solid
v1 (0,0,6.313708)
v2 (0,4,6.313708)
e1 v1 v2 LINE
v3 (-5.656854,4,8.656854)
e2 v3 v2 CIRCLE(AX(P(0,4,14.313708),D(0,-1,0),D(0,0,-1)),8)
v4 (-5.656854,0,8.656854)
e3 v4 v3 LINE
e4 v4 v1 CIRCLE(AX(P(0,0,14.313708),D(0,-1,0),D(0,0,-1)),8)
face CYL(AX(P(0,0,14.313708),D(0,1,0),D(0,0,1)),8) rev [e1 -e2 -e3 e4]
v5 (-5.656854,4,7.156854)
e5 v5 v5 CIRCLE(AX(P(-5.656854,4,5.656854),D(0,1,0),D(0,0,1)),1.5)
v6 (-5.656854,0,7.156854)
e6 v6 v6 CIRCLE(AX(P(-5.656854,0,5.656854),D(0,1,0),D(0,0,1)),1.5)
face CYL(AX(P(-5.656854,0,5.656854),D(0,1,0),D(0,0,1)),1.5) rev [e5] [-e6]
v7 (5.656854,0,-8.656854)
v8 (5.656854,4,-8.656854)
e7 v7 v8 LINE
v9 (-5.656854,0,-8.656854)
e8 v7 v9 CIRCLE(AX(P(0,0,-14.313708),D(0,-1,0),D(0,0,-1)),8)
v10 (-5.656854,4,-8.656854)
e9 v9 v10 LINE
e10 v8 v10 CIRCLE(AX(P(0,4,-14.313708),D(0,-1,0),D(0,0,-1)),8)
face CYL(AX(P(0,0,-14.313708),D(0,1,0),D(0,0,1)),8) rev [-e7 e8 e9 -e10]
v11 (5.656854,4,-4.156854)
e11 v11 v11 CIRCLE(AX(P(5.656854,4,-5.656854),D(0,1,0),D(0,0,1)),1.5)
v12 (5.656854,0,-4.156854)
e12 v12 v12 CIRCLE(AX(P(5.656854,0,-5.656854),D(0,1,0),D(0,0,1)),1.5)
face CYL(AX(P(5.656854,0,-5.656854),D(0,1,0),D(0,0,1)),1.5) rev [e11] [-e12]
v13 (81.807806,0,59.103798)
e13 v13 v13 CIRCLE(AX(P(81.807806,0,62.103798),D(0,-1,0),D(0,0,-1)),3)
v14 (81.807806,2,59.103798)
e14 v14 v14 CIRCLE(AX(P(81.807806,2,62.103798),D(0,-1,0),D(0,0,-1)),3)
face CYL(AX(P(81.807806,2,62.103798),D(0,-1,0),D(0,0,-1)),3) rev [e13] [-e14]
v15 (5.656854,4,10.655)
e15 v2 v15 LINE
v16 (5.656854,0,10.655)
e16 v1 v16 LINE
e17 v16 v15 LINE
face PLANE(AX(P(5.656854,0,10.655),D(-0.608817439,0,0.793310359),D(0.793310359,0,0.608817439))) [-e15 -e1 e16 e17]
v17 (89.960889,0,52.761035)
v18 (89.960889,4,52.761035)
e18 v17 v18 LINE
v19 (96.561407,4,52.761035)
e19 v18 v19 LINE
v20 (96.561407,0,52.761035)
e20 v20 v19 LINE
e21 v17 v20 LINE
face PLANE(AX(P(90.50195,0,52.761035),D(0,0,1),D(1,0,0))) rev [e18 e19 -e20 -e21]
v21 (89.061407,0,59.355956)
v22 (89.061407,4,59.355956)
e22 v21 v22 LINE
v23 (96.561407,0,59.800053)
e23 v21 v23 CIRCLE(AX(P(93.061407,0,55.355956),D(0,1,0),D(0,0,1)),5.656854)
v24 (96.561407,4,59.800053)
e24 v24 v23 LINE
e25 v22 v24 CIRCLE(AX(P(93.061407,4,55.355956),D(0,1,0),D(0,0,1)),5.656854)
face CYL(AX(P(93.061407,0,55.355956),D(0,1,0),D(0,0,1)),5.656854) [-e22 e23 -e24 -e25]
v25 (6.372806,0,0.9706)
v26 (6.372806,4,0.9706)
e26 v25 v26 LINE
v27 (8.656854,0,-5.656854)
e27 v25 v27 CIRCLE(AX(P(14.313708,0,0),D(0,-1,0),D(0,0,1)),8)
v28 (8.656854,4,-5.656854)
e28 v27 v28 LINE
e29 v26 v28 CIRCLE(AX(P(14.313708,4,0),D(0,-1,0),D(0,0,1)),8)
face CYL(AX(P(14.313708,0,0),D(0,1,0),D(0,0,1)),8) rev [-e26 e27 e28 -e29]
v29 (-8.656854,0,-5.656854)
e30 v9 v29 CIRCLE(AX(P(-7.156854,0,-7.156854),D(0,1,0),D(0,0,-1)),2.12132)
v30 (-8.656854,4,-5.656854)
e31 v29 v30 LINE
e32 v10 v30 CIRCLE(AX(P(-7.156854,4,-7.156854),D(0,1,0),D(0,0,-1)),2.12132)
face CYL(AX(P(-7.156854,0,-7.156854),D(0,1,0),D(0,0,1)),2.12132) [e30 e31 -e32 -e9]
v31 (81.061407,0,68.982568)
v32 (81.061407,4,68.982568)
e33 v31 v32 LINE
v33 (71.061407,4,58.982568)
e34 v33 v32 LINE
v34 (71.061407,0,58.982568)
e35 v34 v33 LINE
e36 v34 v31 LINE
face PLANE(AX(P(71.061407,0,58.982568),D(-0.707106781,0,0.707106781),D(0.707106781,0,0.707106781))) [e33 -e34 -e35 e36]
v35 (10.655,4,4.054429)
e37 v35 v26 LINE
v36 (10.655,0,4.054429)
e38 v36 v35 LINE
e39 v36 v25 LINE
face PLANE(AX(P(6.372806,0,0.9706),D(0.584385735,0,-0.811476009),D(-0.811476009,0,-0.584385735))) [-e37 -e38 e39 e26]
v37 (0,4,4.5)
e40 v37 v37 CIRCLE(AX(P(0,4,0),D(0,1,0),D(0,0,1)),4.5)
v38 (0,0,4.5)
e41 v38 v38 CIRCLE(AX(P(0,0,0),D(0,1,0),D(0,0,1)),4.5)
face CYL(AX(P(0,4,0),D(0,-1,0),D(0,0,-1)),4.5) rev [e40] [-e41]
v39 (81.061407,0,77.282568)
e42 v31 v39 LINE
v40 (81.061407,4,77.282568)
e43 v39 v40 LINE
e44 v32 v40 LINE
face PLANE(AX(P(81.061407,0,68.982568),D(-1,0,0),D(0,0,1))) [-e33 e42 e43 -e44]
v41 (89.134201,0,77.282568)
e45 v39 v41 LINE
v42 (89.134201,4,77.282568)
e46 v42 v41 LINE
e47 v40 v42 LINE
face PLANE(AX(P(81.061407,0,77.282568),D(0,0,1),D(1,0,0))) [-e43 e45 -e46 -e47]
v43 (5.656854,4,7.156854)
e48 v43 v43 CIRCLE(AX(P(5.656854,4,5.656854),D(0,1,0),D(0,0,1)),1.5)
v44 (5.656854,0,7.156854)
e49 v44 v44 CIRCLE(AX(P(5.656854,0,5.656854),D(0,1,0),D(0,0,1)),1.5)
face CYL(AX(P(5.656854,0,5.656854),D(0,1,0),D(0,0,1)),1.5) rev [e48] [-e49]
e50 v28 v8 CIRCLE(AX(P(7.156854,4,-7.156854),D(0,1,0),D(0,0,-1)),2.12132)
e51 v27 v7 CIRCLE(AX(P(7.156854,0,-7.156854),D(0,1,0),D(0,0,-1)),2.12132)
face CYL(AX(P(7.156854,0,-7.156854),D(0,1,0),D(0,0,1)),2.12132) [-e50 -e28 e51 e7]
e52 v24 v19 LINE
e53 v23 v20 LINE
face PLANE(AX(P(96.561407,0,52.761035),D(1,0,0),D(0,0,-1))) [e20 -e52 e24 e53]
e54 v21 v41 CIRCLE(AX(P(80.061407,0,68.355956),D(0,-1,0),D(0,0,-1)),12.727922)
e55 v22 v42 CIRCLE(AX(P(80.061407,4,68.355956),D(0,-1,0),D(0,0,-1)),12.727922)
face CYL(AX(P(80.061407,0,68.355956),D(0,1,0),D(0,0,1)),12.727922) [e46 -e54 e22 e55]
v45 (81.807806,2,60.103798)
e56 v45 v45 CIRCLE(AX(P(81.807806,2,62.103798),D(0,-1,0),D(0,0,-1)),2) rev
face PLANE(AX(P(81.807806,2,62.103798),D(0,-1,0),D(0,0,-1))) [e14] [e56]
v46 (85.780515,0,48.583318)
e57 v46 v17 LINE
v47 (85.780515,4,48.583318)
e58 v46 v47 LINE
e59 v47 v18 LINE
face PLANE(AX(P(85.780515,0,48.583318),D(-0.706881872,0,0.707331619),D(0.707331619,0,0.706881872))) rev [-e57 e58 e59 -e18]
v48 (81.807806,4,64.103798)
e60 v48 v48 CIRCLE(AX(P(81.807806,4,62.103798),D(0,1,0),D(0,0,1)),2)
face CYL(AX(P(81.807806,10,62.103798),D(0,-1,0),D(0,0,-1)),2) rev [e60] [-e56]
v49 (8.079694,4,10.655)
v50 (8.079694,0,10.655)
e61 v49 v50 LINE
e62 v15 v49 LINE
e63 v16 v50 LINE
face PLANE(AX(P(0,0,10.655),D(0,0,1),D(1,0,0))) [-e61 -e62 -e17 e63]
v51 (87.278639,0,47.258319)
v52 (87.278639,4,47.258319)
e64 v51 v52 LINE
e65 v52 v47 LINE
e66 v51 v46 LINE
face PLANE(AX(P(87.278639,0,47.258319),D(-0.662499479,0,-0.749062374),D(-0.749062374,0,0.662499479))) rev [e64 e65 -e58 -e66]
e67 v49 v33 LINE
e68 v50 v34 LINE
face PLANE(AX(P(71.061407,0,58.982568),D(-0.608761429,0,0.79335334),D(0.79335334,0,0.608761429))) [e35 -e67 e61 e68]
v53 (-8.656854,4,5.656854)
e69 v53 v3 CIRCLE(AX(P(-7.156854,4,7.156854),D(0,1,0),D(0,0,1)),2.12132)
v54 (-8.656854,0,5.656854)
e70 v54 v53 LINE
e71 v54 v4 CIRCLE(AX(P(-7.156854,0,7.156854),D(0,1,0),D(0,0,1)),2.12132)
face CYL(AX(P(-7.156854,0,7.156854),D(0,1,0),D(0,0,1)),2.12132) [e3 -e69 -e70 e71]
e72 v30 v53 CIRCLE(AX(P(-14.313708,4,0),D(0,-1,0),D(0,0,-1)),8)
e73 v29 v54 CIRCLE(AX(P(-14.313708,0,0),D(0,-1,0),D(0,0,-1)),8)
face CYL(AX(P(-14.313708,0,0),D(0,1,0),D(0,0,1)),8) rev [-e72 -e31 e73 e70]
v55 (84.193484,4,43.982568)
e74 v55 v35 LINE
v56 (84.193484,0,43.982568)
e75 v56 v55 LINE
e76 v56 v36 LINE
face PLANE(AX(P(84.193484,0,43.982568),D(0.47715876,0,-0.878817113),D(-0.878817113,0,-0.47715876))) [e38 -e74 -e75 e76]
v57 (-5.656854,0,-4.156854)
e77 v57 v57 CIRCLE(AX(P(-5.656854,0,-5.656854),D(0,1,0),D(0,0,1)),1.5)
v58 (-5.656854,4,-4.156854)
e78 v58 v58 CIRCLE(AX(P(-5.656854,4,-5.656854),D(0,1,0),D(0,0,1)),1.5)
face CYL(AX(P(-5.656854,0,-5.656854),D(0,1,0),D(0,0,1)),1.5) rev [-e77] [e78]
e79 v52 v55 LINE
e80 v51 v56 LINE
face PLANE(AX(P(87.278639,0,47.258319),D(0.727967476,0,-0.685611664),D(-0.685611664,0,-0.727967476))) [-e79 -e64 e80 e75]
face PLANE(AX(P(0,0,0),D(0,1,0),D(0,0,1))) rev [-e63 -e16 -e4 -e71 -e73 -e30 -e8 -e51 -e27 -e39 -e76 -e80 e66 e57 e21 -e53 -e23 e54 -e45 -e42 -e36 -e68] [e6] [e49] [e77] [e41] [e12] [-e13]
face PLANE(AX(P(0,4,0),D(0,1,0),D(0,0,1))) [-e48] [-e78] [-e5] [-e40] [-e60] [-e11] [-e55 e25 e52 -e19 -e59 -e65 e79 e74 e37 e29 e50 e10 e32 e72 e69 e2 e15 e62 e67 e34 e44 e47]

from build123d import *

# Parameters (mm, degrees)
SKETCH1_W            = 16.31
SKETCH1_H            = 16.31
SKETCH1_R            = 4.5
BOSS_EXTRUDE1_DEPTH  = 4
SKETCH3_R            = 1.5
CUT_EXTRUDE1_DEPTH   = 4
BOSS_EXTRUDE2_DEPTH  = 4
BOSS_EXTRUDE6_DEPTH  = 4
CUT_EXTRUDE3_DEPTH   = 4
BOSS_EXTRUDE7_DEPTH  = 4
BOSS_EXTRUDE9_DEPTH  = 4
SKETCH17_OUTSIDE_W   = 136.165
SKETCH17_OUTSIDE_H   = 117.232
CUT_EXTRUDE4_DEPTH   = 4
SKETCH18_R           = 1.5
BOSS_EXTRUDE10_DEPTH = 4
CUT_EXTRUDE5_DEPTH   = 4
SKETCH20_R           = 2
CUT_EXTRUDE6_DEPTH   = 10
SKETCH21_R           = 3
CUT_EXTRUDE7_DEPTH   = 2


with BuildPart() as part:
    # Sketch1 → Boss-Extrude1 (new body)
    with BuildSketch(Plane(origin=(0, 0, 0), x_dir=(1, 0, 0), z_dir=(0, 1, 0))):
        Rectangle(SKETCH1_W, SKETCH1_H)
        with Locations(Location((0, 0, 0), (0, 0, 270))):
            Circle(SKETCH1_R, mode=Mode.SUBTRACT)
    extrude(amount=BOSS_EXTRUDE1_DEPTH)

    # Sketch3 → Cut-Extrude1 (cut)
    with BuildSketch(Plane(origin=(0, 4, 0), x_dir=(1, 0, 0), z_dir=(0, 1, 0))):
        with Locations(Location((5.656854249, 5.656854249, 0), (0, 0, 270))):
            Circle(SKETCH3_R)
        with Locations(Location((5.656854249, -5.656854249, 0), (0, 0, 270))):
            Circle(SKETCH3_R)
        with Locations(Location((-5.656854249, -5.656854249, 0), (0, 0, 270))):
            Circle(SKETCH3_R)
        with Locations(Location((-5.656854249, 5.656854249, 0), (0, 0, 270))):
            Circle(SKETCH3_R)
    extrude(amount=-CUT_EXTRUDE1_DEPTH, mode=Mode.SUBTRACT)

    # Sketch4 → Boss-Extrude2 (add)
    with BuildSketch(Plane(origin=(0, 4, 0), x_dir=(1, 0, 0), z_dir=(0, 1, 0))):
        Polygon((8.155, -8.155), (0, -8.155), (0, -10.655), (10.655, -10.655), (10.655, 0), (8.155, 0), align=None)
    extrude(amount=-BOSS_EXTRUDE2_DEPTH)

    # Sketch9 → Boss-Extrude6 (add)
    with BuildSketch(Plane(origin=(0, 4, 0), x_dir=(1, 0, 0), z_dir=(0, 1, 0))):
        Polygon((71.061407011, -58.982568069), (7.593139788, -10.281653748), (10.613791504, -4.032054751), (84.193483815, -43.982568069), (90.501950314, -50.291034568), (96.061407011, -50.291034568), (96.061407011, -73.982568069), (81.061407011, -73.982568069), (81.061407011, -68.982568069), align=None)
    extrude(amount=-BOSS_EXTRUDE6_DEPTH)

    # Sketch12 → Cut-Extrude3 (cut)
    with BuildSketch(Plane(origin=(0, 4, 0), x_dir=(1, 0, 0), z_dir=(0, 1, 0))):
        Polygon((87.278639473, -47.258318902), (85.780514725, -48.583317861), (89.960889469, -52.761034568), (90.501950314, -52.761034568), (96.061407011, -52.761034568), (96.061407011, -50.291034568), (90.501950314, -50.291034568), (87.347717064, -47.136801318), align=None)
    extrude(amount=-CUT_EXTRUDE3_DEPTH, mode=Mode.SUBTRACT)

    # Sketch13 → Boss-Extrude7 (add)
    with BuildSketch(Plane(origin=(0, 4, 0), x_dir=(1, 0, 0), z_dir=(0, 1, 0))):
        Polygon((81.061407011, -73.982568069), (81.061407011, -77.282568069), (96.561407011, -77.282568069), (96.561407011, -52.761034568), (96.061407011, -52.761034568), (96.061407011, -73.982568069), align=None)
    extrude(amount=-BOSS_EXTRUDE7_DEPTH)

    # Sketch16 → Boss-Extrude9 (add)
    with BuildSketch(Plane(origin=(0, 4, 0), x_dir=(1, 0, 0), z_dir=(0, 1, 0))):
        Polygon((0, -10.655), (-10, -10.655), (-10, 10.345), (10.655, 10.345), (10.655, 0), (8.155, 0), (8.155, 8.155), (-8.155, 8.155), (-8.155, -8.155), (0, -8.155), align=None)
    extrude(amount=-BOSS_EXTRUDE9_DEPTH)

    # Sketch17 outside → Cut-Extrude4 (cut)
    with BuildSketch(Plane(origin=(0, 4, 0), x_dir=(1, 0, 0), z_dir=(0, 1, 0))):
        with Locations((43.2805, -33.469)):
            Rectangle(SKETCH17_OUTSIDE_W, SKETCH17_OUTSIDE_H)
        with BuildLine():
            Line((5.656854249, -8.656854249), (5.656854249, -10.655))
            Line((5.656854249, -10.655), (8.079694096, -10.655))
            Line((8.079694096, -10.655), (71.061407011, -58.982568069))
            Line((71.061407011, -58.982568069), (81.061407011, -68.982568069))
            Line((81.061407011, -68.982568069), (81.061407011, -77.282568069))
            Line((81.061407011, -77.282568069), (96.561407011, -77.282568069))
            Line((96.561407011, -77.282568069), (96.561407011, -52.761034568))
            Line((96.561407011, -52.761034568), (89.960889469, -52.761034568))
            Line((89.960889469, -52.761034568), (85.780514725, -48.583317861))
            Line((85.780514725, -48.583317861), (87.278639473, -47.258318902))
            Line((87.278639473, -47.258318902), (84.193483815, -43.982568069))
            Line((84.193483815, -43.982568069), (10.655, -4.054429139))
            Line((10.655, -4.054429139), (8.656854249, -5.656854249))
            ThreePointArc((8.656854249, -5.656854249), (6.313708499, 0), (8.656854249, 5.656854249))
            ThreePointArc((8.656854249, 5.656854249), (8.656854249, 8.656854249), (5.656854249, 8.656854249))
            ThreePointArc((5.656854249, 8.656854249), (0, 6.313708499), (-5.656854249, 8.656854249))
            ThreePointArc((-5.656854249, 8.656854249), (-8.656854249, 8.656854249), (-8.656854249, 5.656854249))
            ThreePointArc((-8.656854249, 5.656854249), (-6.313708499, 0), (-8.656854249, -5.656854249))
            ThreePointArc((-8.656854249, -5.656854249), (-8.656854249, -8.656854249), (-5.656854249, -8.656854249))
            ThreePointArc((-5.656854249, -8.656854249), (0, -6.313708499), (5.656854249, -8.656854249))
        make_face(mode=Mode.SUBTRACT)
    extrude(amount=-CUT_EXTRUDE4_DEPTH, mode=Mode.SUBTRACT)

    # Sketch18 → Boss-Extrude10 (add)
    with BuildSketch(Plane(origin=(0, 4, 0), x_dir=(1, 0, 0), z_dir=(0, 1, 0))):
        Polygon((5.656854249, -10.655), (0, -6.313708499), (6.372805828, -0.97060021), (10.655, -4.054429139), (8.656854249, -5.656854249), align=None)
        with Locations(Location((5.656854249, -5.656854249, 0), (0, 0, 270))):
            Circle(SKETCH18_R, mode=Mode.SUBTRACT)
    extrude(amount=-BOSS_EXTRUDE10_DEPTH)

    # Sketch19 → Cut-Extrude5 (cut)
    with BuildSketch(Plane(origin=(0, 4, 0), x_dir=(1, 0, 0), z_dir=(0, 1, 0))):
        with BuildLine():
            Line((97.061407011, -77.355955856), (97.061407011, -59.355955856))
            ThreePointArc((97.061407011, -59.355955856), (93.061407011, -61.012810105), (89.061407011, -59.355955856))
            ThreePointArc((89.061407011, -59.355955856), (92.789329073, -68.355955856), (89.061407011, -77.355955856))
            Line((89.061407011, -77.355955856), (97.061407011, -77.355955856))
        make_face()
    extrude(amount=-CUT_EXTRUDE5_DEPTH, mode=Mode.SUBTRACT)

    # Sketch20 → Cut-Extrude6 (cut)
    with BuildSketch(Plane.XZ):
        with Locations(Location((81.807805677, 62.103797793, 0), (0, 0, 270))):
            Circle(SKETCH20_R)
    extrude(amount=-CUT_EXTRUDE6_DEPTH, mode=Mode.SUBTRACT)

    # Sketch21 → Cut-Extrude7 (cut)
    with BuildSketch(Plane.XZ):
        with Locations(Location((81.807805677, 62.103797793, 0), (0, 0, 270))):
            Circle(SKETCH21_R)
    extrude(amount=-CUT_EXTRUDE7_DEPTH, mode=Mode.SUBTRACT)


solid = part.part
